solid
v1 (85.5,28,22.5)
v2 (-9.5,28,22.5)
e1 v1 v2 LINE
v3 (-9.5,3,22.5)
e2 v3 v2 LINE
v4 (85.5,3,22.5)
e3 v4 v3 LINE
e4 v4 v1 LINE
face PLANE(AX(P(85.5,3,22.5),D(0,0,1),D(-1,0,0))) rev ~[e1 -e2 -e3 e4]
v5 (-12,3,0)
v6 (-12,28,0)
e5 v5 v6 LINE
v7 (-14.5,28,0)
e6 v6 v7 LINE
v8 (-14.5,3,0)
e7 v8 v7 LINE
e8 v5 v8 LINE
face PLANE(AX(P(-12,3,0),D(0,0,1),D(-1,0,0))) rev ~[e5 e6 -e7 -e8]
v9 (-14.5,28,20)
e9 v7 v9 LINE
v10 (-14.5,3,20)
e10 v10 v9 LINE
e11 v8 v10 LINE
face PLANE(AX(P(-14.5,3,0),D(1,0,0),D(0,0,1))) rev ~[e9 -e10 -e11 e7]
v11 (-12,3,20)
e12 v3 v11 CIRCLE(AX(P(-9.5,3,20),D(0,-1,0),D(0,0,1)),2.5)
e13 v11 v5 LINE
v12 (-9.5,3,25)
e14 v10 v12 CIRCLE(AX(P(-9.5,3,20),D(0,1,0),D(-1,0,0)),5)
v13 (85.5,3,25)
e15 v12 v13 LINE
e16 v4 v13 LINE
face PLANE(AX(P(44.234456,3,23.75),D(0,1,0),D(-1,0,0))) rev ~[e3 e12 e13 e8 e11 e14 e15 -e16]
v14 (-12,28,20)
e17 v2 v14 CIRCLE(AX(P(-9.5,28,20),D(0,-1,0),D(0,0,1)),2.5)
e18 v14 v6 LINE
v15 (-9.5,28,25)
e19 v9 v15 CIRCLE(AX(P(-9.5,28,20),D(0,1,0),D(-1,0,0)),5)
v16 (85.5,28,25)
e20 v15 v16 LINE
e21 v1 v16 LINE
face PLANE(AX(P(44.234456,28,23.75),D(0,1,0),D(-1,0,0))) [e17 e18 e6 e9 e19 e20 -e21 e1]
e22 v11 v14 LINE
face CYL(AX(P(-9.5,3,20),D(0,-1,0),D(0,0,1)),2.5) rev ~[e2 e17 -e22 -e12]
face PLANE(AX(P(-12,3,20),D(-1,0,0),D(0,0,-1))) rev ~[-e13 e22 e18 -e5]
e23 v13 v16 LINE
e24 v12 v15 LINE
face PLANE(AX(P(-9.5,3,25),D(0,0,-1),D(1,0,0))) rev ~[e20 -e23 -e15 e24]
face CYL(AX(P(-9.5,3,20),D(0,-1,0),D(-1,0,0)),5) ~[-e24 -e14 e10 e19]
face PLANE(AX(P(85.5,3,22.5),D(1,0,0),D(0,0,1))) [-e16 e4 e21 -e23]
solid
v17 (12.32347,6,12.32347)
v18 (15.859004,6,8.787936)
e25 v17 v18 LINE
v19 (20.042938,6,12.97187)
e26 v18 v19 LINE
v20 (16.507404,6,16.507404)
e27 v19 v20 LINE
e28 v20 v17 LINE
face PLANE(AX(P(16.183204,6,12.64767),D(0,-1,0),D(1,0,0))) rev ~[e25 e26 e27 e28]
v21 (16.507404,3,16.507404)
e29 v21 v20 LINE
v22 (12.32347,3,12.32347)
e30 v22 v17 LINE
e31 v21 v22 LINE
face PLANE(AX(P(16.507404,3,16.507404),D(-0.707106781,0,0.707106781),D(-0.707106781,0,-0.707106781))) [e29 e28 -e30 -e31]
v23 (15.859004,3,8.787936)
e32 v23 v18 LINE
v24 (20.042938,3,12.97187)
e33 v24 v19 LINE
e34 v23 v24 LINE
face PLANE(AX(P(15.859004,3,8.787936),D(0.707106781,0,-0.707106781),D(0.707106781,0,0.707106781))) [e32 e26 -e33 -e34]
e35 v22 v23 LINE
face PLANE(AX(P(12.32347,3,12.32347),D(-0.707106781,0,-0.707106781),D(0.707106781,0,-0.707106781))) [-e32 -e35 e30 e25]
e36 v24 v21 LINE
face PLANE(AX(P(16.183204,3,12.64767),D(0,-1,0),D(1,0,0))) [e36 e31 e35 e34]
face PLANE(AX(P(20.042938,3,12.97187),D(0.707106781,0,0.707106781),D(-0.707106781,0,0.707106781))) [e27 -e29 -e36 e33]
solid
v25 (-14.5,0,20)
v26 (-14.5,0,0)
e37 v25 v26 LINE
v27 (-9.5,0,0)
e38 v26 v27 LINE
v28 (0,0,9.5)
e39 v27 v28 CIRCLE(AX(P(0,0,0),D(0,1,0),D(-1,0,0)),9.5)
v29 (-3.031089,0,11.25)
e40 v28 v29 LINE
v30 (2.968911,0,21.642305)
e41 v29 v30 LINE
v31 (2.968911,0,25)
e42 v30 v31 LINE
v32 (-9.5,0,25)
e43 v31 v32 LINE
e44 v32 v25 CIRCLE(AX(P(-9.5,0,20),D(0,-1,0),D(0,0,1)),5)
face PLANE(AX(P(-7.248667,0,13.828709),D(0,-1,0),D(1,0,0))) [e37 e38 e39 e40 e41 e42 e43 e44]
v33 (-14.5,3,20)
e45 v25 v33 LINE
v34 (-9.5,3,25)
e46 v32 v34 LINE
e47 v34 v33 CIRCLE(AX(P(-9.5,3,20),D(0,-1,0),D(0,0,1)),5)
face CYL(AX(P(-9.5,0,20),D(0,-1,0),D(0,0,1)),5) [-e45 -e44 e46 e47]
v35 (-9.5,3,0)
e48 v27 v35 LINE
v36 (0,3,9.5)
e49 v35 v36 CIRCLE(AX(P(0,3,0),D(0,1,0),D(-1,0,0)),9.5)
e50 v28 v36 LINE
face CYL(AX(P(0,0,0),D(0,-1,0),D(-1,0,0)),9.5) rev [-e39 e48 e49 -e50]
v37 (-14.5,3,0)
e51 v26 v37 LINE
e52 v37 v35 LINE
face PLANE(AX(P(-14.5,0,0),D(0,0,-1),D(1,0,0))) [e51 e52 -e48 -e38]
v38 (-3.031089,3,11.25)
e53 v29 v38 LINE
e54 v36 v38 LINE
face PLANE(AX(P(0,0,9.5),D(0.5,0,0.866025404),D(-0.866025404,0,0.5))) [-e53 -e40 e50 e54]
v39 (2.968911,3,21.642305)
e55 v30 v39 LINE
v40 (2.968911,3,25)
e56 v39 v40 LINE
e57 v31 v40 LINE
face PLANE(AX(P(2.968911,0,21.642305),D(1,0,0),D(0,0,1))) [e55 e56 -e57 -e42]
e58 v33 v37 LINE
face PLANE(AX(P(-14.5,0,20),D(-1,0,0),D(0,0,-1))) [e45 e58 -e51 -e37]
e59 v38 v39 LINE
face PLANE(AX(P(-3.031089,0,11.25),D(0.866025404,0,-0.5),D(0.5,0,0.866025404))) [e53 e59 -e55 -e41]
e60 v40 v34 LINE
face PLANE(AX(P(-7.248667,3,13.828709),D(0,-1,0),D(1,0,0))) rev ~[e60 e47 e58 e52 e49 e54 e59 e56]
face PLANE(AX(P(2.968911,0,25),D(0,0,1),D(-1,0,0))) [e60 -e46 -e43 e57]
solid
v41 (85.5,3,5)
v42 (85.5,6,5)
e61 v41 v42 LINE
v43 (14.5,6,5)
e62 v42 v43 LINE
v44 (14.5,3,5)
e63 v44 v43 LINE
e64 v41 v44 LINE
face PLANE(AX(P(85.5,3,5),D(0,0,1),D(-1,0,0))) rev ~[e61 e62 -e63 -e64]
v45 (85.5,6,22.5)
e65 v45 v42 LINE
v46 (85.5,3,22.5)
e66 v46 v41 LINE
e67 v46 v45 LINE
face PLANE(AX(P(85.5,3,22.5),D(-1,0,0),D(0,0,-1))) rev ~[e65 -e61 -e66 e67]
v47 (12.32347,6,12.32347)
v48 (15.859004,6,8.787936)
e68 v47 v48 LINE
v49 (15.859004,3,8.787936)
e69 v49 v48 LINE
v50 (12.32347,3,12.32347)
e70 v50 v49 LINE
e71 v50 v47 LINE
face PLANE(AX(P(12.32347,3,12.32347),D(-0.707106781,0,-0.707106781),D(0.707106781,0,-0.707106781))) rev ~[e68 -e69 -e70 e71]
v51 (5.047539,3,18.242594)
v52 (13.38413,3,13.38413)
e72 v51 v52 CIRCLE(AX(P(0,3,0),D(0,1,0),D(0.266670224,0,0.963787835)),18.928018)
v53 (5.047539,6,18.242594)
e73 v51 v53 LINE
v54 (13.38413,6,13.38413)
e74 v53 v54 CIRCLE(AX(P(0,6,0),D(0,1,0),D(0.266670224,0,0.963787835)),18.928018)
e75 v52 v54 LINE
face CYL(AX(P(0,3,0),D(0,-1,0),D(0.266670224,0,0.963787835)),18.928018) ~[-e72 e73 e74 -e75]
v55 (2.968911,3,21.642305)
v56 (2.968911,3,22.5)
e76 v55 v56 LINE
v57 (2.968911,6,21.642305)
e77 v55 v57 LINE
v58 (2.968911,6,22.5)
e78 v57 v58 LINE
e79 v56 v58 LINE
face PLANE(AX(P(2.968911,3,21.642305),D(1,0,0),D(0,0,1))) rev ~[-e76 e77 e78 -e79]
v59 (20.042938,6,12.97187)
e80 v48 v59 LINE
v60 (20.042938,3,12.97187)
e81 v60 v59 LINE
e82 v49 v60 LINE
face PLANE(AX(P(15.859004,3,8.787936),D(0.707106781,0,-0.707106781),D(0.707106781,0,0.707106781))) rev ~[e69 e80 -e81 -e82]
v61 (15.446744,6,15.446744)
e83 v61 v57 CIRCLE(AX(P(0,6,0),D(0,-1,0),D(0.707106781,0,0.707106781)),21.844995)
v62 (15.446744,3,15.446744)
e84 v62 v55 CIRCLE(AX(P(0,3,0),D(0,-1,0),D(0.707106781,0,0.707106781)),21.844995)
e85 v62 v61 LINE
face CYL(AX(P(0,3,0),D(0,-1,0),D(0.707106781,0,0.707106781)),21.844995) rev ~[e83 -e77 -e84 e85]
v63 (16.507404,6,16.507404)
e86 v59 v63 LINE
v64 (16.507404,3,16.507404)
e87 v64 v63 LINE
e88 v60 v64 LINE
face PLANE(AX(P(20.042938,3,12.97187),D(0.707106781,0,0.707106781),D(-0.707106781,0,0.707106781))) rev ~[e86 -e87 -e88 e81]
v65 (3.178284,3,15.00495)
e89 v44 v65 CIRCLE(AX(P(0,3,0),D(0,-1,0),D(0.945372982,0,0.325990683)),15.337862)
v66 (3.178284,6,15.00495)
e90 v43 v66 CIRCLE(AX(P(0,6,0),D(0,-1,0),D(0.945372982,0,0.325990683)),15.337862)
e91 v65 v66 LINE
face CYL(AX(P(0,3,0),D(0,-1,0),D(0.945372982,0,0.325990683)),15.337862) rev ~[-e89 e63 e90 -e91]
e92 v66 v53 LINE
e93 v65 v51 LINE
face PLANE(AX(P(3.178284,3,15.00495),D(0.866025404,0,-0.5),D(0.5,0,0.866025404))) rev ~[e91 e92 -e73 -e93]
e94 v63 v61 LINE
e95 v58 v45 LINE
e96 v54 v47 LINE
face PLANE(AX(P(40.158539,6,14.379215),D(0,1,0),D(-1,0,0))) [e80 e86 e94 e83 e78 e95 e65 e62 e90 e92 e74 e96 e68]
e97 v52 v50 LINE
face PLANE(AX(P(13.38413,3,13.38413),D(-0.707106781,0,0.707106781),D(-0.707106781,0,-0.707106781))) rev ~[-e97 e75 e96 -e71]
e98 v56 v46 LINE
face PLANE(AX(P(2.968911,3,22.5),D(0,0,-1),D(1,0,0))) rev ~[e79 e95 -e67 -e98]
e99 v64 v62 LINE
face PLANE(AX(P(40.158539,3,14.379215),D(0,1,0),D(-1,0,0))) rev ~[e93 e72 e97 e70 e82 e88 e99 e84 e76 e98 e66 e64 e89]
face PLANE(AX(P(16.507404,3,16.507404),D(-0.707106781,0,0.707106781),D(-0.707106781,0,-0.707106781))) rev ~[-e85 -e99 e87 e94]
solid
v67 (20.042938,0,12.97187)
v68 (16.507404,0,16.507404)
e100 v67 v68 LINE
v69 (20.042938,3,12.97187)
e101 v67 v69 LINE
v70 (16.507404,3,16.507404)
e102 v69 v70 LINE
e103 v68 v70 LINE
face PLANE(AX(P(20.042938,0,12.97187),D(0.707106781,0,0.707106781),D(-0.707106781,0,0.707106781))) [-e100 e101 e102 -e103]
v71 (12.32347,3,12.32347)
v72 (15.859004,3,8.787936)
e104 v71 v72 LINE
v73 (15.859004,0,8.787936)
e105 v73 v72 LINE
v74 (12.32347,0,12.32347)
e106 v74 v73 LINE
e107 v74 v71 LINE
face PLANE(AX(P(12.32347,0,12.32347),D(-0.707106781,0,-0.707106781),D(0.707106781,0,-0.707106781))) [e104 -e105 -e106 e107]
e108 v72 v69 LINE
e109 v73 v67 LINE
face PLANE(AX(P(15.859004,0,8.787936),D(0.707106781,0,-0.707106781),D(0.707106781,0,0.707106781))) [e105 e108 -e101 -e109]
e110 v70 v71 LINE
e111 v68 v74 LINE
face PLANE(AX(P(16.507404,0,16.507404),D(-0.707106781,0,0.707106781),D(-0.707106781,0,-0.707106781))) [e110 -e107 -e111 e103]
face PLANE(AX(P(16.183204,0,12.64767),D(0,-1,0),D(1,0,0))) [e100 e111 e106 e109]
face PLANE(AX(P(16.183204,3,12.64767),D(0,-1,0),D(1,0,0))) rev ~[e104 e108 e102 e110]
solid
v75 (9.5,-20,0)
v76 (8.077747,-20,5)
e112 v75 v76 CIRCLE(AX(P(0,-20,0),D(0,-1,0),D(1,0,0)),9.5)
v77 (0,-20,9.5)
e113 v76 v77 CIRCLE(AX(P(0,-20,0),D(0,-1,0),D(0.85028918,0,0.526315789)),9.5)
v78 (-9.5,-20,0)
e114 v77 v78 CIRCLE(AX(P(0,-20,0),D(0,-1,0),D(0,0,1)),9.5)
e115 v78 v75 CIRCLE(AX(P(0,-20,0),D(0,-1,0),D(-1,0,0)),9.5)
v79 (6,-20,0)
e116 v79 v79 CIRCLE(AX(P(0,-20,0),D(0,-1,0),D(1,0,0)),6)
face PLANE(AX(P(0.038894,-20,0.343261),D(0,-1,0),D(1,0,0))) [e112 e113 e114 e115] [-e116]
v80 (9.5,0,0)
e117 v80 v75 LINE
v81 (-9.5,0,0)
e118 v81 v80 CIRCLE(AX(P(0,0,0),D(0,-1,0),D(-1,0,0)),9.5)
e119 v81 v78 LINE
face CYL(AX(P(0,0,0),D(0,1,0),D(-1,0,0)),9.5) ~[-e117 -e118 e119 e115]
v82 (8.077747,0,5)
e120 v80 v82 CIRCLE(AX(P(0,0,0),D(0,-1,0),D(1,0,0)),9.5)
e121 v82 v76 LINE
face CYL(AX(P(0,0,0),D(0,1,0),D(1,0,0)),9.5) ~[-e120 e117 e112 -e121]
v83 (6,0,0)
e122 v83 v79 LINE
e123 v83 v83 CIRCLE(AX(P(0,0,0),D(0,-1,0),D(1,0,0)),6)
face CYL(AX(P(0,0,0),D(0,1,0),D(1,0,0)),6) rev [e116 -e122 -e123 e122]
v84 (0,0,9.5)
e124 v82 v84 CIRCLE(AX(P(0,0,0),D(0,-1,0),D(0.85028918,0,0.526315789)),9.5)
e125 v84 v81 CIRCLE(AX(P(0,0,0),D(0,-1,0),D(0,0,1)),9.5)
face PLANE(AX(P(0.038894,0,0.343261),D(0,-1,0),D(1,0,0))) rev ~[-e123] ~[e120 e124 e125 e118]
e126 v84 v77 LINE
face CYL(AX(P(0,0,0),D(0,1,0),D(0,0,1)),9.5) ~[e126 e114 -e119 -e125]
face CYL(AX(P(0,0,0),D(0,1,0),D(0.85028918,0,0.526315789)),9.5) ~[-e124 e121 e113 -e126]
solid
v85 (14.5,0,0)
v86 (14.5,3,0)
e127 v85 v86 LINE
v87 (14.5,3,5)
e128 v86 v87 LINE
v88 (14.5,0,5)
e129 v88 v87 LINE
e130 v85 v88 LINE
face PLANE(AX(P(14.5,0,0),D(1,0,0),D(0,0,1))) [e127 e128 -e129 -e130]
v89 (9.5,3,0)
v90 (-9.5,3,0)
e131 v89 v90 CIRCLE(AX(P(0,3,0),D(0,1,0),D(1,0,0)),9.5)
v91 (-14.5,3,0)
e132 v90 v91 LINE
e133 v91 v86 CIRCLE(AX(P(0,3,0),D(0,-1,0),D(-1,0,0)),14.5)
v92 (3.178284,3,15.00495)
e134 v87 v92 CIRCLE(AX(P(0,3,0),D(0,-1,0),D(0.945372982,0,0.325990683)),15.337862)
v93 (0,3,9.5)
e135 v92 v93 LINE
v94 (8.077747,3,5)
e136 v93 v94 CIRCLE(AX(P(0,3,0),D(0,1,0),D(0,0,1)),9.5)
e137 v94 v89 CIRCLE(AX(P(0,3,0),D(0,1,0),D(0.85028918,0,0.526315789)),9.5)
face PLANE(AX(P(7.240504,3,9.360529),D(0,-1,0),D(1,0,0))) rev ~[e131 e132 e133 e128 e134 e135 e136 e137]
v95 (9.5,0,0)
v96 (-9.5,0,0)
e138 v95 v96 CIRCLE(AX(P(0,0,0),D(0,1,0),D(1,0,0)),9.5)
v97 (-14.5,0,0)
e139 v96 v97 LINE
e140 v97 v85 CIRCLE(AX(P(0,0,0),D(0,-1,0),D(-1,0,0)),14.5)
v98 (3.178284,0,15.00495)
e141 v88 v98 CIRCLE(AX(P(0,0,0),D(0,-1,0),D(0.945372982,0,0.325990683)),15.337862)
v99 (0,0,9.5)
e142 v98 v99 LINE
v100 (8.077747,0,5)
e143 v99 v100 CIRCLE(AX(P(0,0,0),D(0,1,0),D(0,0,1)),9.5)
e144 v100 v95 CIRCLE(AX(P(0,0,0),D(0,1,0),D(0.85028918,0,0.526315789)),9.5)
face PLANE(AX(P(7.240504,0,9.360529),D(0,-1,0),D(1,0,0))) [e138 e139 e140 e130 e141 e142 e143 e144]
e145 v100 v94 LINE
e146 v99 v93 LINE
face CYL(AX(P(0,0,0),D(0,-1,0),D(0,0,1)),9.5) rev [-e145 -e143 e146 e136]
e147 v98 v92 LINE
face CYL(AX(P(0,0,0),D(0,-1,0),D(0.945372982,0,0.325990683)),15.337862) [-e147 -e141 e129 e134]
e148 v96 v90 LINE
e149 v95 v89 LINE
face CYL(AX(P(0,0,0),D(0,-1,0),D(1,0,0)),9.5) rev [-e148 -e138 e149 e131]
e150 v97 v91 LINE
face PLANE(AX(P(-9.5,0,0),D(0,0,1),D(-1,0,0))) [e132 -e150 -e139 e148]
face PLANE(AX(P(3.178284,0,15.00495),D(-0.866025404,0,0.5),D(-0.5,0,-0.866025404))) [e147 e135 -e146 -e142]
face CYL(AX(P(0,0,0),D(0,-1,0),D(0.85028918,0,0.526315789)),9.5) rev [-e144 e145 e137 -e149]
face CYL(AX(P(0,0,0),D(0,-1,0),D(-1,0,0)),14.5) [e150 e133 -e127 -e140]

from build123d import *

# Parameters (mm, degrees)
F0_R     = 6
F1_DEPTH = 20
F2_DEPTH = 3
F3_DEPTH = 3
F4_DEPTH = 3
F6_DEPTH = 3
F5_W     = 82.5310889132
F5_H     = 2.5
F7_DEPTH = 25
F8_DEPTH = 3


with BuildPart() as f1:
    # F0 (on Front) → F1 (new body)
    with BuildSketch(Plane.XZ):
        with BuildLine():
            ThreePointArc((-9.5, 0), (0, -9.5), (9.5, 0))
            ThreePointArc((9.5, 0), (9.1375215048, 2.5991730895), (8.0777472107, 5))
            ThreePointArc((8.0777472107, 5), (4.6233105022, 8.2990963363), (0, 9.5))
            ThreePointArc((0, 9.5), (-6.7175144213, 6.7175144213), (-9.5, 0))
        make_face()
        Circle(F0_R, mode=Mode.SUBTRACT)
    extrude(amount=F1_DEPTH)


with BuildPart() as f2:
    # F0 (on Front) → F2 (new body)
    with BuildSketch(Plane.XZ):
        with BuildLine():
            ThreePointArc((0, 9.5), (4.6233105022, 8.2990963363), (8.0777472107, 5))
            Line((8.0777472107, 5), (14.5, 5))
            ThreePointArc((14.5, 5), (10.1565341451, 11.493250809), (3.17828409, 15.0049495248))
            Line((3.17828409, 15.0049495248), (0, 9.5))
        make_face()
        with BuildLine():
            ThreePointArc((8.0777472107, 5), (9.1375215048, 2.5991730895), (9.5, 0))
            ThreePointArc((9.5, 0), (0, -9.5), (-9.5, 0))
            Line((-9.5, 0), (-14.5, 0))
            ThreePointArc((-14.5, 0), (0, -14.5), (14.5, 0))
            Line((14.5, 0), (14.5, 5))
            Line((14.5, 5), (8.0777472107, 5))
        make_face()
    extrude(amount=-F2_DEPTH)


with BuildPart() as f3:
    # F0 (on Front) → F3 (new body)
    with BuildSketch(Plane.XZ):
        with BuildLine():
            Line((-14.5, 0), (-9.5, 0))
            ThreePointArc((-9.5, 0), (-6.7175144213, 6.7175144213), (0, 9.5))
            Line((0, 9.5), (-3.0310889132, 11.25))
            Line((-3.0310889132, 11.25), (2.9689110868, 21.6423048454))
            Line((2.9689110868, 21.6423048454), (2.9689110868, 25))
            Line((2.9689110868, 25), (-9.5, 25))
            ThreePointArc((-9.5, 25), (-13.0355339059, 23.5355339059), (-14.5, 20))
            Line((-14.5, 20), (-14.5, 0))
        make_face()
    extrude(amount=-F3_DEPTH)


with BuildPart() as f4:
    # F0 (on Front) → F4 (new body, through all)
    with BuildSketch(Plane.XZ):
        Polygon((16.5074040368, 16.5074040368), (15.446743865, 15.446743865), (13.3841301067, 13.3841301067), (12.3234699349, 12.3234699349), (15.8590038409, 8.787936029), (20.0429379427, 12.9718701309), align=None)
    extrude(amount=-F4_DEPTH)


with BuildPart() as f6:
    # F5 (on face) → F6 (new body)
    with BuildSketch(Plane(origin=(0, 3, 0), x_dir=(-1, 0, 0), z_dir=(0, 1, 0))):
        with BuildLine():
            ThreePointArc((-14.5, 5), (-10.1565341451, 11.493250809), (-3.17828409, 15.0049495248))
            Line((-3.17828409, 15.0049495248), (-5.0475388851, 18.2425938021))
            ThreePointArc((-5.0475388851, 18.2425938021), (-9.5306228981, 16.3535043523), (-13.3841301067, 13.3841301067))
            Line((-13.3841301067, 13.3841301067), (-12.3234699349, 12.3234699349))
            Line((-12.3234699349, 12.3234699349), (-15.8590038409, 8.787936029))
            Line((-15.8590038409, 8.787936029), (-20.0429379427, 12.9718701309))
            Line((-20.0429379427, 12.9718701309), (-16.5074040368, 16.5074040368))
            Line((-16.5074040368, 16.5074040368), (-15.446743865, 15.446743865))
            ThreePointArc((-15.446743865, 15.446743865), (-9.7149539778, 19.5658749171), (-2.9689110868, 21.6423048454))
            Line((-2.9689110868, 21.6423048454), (-2.9689110868, 22.5))
            Line((-2.9689110868, 22.5), (-85.5, 22.5))
            Line((-85.5, 22.5), (-85.5, 5))
            Line((-85.5, 5), (-14.5, 5))
        make_face()
    extrude(amount=F6_DEPTH)


with BuildPart() as f7:
    # F5 (on face) → F7 (new body)
    with BuildSketch(Plane(origin=(0, 3, 0), x_dir=(-1, 0, 0), z_dir=(0, 1, 0))):
        with Locations((-44.2344555434, 23.75)):
            Rectangle(F5_W, F5_H)
        with BuildLine():
            Line((-2.9689110868, 25), (-2.9689110868, 22.5))
            Line((-2.9689110868, 22.5), (9.5, 22.5))
            ThreePointArc((9.5, 22.5), (11.267766953, 21.767766953), (12, 20))
            Line((12, 20), (12, 0))
            Line((12, 0), (14.5, 0))
            Line((14.5, 0), (14.5, 20))
            ThreePointArc((14.5, 20), (13.0355339059, 23.5355339059), (9.5, 25))
            Line((9.5, 25), (-2.9689110868, 25))
        make_face()
    extrude(amount=F7_DEPTH)


with BuildPart() as f8:
    # F8 (new, through all): a face of the model
    f8_faces = [f4.part.faces().sort_by_distance(p)[0] for p in [
        (16.1832039388, 3, 12.6476700329),
    ]]
    extrude(f8_faces, amount=F8_DEPTH)


solid = Compound([f1.part, f2.part, f3.part, f4.part, f6.part, f7.part, f8.part])
